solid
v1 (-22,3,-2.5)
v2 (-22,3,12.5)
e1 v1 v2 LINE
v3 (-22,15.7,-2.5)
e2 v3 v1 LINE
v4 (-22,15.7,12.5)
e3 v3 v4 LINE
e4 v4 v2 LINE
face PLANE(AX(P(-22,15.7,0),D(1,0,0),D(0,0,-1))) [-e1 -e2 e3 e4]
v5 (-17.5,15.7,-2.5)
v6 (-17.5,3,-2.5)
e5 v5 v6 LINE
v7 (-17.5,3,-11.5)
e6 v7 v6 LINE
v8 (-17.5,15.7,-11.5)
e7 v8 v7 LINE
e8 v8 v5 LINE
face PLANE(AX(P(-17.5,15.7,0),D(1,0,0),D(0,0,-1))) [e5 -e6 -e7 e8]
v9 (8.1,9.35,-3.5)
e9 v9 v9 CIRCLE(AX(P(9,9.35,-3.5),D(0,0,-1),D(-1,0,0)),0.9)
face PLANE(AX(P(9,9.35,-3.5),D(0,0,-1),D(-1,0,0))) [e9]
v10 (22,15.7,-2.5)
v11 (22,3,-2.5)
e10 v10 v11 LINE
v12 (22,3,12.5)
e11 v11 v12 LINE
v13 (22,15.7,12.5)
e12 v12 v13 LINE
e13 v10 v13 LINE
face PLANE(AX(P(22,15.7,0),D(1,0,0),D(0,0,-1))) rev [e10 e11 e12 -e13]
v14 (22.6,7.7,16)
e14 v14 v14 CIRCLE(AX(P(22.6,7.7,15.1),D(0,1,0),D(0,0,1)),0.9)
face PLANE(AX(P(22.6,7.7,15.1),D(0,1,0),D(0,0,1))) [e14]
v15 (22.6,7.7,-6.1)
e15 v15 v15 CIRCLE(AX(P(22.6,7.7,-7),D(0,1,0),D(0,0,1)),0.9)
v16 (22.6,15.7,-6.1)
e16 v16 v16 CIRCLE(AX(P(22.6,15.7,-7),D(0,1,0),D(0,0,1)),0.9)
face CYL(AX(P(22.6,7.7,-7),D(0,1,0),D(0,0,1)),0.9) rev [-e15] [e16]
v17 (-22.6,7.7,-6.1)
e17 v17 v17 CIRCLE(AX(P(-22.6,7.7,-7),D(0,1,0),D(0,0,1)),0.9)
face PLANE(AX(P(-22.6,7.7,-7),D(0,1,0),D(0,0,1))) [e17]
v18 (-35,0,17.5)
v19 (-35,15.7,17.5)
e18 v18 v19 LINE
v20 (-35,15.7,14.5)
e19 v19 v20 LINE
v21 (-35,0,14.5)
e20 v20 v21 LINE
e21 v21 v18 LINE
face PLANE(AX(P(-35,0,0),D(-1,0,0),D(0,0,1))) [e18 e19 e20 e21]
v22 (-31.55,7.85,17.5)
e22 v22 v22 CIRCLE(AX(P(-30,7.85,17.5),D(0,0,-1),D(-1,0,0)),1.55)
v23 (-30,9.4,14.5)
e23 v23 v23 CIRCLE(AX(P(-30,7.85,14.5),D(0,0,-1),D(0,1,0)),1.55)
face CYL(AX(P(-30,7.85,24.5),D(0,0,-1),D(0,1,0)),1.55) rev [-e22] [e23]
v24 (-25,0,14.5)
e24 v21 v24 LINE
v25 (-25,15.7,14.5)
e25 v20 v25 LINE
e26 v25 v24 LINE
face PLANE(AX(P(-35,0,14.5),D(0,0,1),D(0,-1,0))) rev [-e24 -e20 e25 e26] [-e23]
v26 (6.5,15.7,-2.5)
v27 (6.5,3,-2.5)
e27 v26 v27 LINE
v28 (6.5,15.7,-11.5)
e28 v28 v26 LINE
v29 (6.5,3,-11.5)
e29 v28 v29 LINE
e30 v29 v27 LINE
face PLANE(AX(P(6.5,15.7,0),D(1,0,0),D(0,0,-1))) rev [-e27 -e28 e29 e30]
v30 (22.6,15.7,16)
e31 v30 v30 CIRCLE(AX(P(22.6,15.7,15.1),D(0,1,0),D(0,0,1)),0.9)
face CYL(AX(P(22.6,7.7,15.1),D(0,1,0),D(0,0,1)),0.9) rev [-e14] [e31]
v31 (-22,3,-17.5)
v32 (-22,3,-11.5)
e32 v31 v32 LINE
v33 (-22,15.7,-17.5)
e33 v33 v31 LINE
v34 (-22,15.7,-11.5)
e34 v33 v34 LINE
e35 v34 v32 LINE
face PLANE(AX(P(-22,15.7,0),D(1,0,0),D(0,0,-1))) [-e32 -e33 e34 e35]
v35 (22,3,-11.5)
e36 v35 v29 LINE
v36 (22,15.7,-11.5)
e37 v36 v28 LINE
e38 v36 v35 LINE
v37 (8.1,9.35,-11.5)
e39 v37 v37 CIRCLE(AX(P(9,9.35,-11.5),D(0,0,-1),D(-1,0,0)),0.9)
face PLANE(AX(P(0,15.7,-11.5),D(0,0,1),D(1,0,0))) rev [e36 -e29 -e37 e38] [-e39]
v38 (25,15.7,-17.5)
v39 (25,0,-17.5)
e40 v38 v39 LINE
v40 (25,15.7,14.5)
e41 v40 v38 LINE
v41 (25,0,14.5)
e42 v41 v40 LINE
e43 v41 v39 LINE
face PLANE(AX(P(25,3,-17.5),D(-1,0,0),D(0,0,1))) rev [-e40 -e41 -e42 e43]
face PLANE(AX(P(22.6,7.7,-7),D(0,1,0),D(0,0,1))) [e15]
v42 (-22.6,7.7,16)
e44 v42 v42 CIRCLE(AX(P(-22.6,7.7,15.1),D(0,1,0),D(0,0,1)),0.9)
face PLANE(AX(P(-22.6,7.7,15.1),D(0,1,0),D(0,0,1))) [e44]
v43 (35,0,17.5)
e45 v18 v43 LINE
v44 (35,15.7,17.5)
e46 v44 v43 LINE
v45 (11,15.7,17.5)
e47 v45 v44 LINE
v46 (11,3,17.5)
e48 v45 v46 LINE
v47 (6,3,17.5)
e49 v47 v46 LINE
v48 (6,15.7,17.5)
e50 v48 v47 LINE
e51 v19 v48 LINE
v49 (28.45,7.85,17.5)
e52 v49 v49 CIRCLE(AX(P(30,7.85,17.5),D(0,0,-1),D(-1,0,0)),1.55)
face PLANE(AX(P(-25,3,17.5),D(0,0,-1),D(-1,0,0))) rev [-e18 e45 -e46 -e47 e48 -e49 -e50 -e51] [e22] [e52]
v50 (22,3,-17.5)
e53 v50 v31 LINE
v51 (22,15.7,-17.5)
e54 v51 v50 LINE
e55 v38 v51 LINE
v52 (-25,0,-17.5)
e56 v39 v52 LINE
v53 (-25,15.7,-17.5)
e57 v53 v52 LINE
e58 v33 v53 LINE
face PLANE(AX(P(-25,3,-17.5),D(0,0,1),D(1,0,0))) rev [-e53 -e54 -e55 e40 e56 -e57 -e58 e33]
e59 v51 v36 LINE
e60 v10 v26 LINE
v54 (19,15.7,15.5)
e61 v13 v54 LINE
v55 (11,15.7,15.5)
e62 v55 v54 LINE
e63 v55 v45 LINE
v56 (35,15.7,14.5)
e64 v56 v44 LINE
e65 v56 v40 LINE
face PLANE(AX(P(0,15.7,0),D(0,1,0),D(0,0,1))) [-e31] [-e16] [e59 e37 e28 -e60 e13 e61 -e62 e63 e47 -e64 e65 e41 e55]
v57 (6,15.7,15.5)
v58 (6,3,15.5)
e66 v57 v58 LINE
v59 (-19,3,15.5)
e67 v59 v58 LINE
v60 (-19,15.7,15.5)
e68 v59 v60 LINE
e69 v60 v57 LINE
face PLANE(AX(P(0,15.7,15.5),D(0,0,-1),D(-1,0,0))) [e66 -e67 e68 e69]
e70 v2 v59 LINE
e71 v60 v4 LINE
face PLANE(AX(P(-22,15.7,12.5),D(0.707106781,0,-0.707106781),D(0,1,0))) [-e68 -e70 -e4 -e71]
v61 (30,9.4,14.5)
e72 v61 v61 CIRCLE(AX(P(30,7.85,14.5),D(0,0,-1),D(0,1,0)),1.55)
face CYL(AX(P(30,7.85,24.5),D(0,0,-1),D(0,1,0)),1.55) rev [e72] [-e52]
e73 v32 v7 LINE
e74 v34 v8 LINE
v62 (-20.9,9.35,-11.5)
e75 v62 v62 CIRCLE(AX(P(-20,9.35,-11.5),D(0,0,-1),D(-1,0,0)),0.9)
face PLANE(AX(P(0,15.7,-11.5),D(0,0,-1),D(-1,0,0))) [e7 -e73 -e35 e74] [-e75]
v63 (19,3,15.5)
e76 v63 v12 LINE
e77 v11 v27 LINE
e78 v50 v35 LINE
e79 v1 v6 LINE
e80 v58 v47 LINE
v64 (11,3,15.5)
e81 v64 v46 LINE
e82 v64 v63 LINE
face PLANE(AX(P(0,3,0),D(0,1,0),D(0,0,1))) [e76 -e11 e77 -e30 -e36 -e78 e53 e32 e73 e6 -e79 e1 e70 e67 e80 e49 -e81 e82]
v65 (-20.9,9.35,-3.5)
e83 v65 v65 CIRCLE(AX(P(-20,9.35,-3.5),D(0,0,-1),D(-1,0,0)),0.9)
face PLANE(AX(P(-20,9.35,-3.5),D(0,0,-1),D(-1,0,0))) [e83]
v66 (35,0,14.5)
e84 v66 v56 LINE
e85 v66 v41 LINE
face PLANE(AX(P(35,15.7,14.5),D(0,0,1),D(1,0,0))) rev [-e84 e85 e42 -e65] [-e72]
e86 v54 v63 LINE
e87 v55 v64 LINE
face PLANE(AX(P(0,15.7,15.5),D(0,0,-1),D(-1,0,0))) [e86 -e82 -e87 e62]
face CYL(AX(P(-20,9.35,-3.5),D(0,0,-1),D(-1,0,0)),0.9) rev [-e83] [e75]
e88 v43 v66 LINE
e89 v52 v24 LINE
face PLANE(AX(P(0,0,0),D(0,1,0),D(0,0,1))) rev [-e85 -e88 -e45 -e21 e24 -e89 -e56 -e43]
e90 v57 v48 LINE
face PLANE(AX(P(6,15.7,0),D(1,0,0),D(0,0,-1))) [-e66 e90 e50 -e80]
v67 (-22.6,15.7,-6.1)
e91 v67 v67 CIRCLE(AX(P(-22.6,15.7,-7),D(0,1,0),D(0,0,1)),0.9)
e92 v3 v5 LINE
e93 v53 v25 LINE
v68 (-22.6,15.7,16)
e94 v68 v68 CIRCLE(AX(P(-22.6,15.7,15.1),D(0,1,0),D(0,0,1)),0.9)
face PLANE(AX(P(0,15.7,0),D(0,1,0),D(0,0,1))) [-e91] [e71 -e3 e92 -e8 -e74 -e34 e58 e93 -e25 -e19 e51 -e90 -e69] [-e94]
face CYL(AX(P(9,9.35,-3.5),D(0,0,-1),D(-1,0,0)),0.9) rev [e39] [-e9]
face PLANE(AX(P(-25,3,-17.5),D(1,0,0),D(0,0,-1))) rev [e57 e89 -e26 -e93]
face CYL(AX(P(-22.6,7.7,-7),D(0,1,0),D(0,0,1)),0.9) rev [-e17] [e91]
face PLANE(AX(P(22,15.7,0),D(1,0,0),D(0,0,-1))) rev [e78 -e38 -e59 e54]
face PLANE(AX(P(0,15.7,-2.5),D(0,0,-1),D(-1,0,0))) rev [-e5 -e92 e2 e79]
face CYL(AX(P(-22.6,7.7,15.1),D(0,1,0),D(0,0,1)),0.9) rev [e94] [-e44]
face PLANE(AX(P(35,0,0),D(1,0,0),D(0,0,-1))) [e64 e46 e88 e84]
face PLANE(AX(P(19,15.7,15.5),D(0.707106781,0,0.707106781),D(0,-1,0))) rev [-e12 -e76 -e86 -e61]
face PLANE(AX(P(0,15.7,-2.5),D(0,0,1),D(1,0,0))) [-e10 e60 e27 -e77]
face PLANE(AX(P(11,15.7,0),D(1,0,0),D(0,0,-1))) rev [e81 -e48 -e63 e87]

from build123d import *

# Parameters (mm, degrees)
SKETCH1_W           = 50
SKETCH1_H           = 35
BOSS_EXTRUDE1_DEPTH = 3
BOSS_EXTRUDE2_DEPTH = 12.7
CHAMFER1_SIZE       = 3
SKETCH3_R           = 0.9
CUT_EXTRUDE1_DEPTH  = 8
SKETCH4_R           = 0.9
CUT_EXTRUDE2_DEPTH  = 8
SKETCH5_R           = 0.9
CUT_EXTRUDE3_DEPTH  = 8
SKETCH6_W           = 3
SKETCH6_H           = 15.7
BOSS_EXTRUDE3_DEPTH = 10
SKETCH7_W           = 3
SKETCH7_H           = 15.7
BOSS_EXTRUDE4_DEPTH = 10
SKETCH8_R           = 1.55
CUT_EXTRUDE4_DEPTH  = 10


with BuildPart() as part:
    # Sketch1 → Boss-Extrude1 (new body)
    with BuildSketch(Plane(origin=(0, 0, 0), x_dir=(1, 0, 0), z_dir=(0, 1, 0))):
        Rectangle(SKETCH1_W, SKETCH1_H)
    extrude(amount=BOSS_EXTRUDE1_DEPTH)

    # Sketch2 → Boss-Extrude2 (add)
    with BuildSketch(Plane(origin=(0, 3, 0), x_dir=(1, 0, 0), z_dir=(0, 1, 0))):
        Polygon((25, 17.5), (22, 17.5), (22, 11.5), (6.5, 11.5), (6.5, 2.5), (22, 2.5), (22, -15.5), (11, -15.5), (11, -17.5), (22, -17.5), (25, -17.5), (25, 2.5), (25, 11.5), align=None)
        Polygon((-17.5, 11.5), (-22, 11.5), (-22, 17.5), (-25, 17.5), (-25, 11.5), (-25, 2.5), (-25, -17.5), (-22, -17.5), (6, -17.5), (6, -15.5), (-22, -15.5), (-22, 2.5), (-17.5, 2.5), align=None)
    extrude(amount=BOSS_EXTRUDE2_DEPTH)

    # Chamfer1
    chamfer1_edges = [part.edges().sort_by_distance(p)[0] for p in [
        (22, 9.35, 15.5),
        (-22, 9.35, 15.5),
    ]]
    chamfer(chamfer1_edges, length=CHAMFER1_SIZE)

    # Sketch3 → Cut-Extrude1 (cut)
    with BuildSketch(Plane(origin=(0, 15.7, 0), x_dir=(1, 0, 0), z_dir=(0, 1, 0))):
        with Locations(Location((-22.6, -15.1, 0), (0, 0, 270))):
            Circle(SKETCH3_R)
        with Locations(Location((22.6, -15.1, 0), (0, 0, 270))):
            Circle(SKETCH3_R)
        with Locations(Location((22.6, 7, 0), (0, 0, 270))):
            Circle(SKETCH3_R)
    extrude(amount=-CUT_EXTRUDE1_DEPTH, mode=Mode.SUBTRACT)

    # Sketch4 → Cut-Extrude2 (cut)
    with BuildSketch(Plane(origin=(0, 15.7, 0), x_dir=(1, 0, 0), z_dir=(0, 1, 0))):
        with Locations(Location((-22.6, 7, 0), (0, 0, 270))):
            Circle(SKETCH4_R)
    extrude(amount=-CUT_EXTRUDE2_DEPTH, mode=Mode.SUBTRACT)

    # Sketch5 → Cut-Extrude3 (cut)
    with BuildSketch(Plane(origin=(0, 0, -11.5), x_dir=(-1, 0, 0), z_dir=(0, 0, -1))):
        with Locations((20, 9.35)):
            Circle(SKETCH5_R)
        with Locations((-9, 9.35)):
            Circle(SKETCH5_R)
    extrude(amount=-CUT_EXTRUDE3_DEPTH, mode=Mode.SUBTRACT)

    # Sketch6 → Boss-Extrude3 (add)
    with BuildSketch(Plane.ZY.offset(25)):
        with Locations((16, 7.85)):
            Rectangle(SKETCH6_W, SKETCH6_H)
    extrude(amount=BOSS_EXTRUDE3_DEPTH)

    # Sketch7 → Boss-Extrude4 (add)
    with BuildSketch(Plane(origin=(25, 0, 0), x_dir=(0, 0, -1), z_dir=(1, 0, 0))):
        with Locations((-16, 7.85)):
            Rectangle(SKETCH7_W, SKETCH7_H)
    extrude(amount=BOSS_EXTRUDE4_DEPTH)

    # Sketch8 → Cut-Extrude4 (cut)
    with BuildSketch(Plane(origin=(0, 0, 14.5), x_dir=(-1, 0, 0), z_dir=(0, 0, -1))):
        with Locations(Location((30, 7.85, 0), (0, 0, 90))):
            Circle(SKETCH8_R)
        with Locations(Location((-30, 7.85, 0), (0, 0, 90))):
            Circle(SKETCH8_R)
    extrude(amount=-CUT_EXTRUDE4_DEPTH, mode=Mode.SUBTRACT)


solid = part.part
